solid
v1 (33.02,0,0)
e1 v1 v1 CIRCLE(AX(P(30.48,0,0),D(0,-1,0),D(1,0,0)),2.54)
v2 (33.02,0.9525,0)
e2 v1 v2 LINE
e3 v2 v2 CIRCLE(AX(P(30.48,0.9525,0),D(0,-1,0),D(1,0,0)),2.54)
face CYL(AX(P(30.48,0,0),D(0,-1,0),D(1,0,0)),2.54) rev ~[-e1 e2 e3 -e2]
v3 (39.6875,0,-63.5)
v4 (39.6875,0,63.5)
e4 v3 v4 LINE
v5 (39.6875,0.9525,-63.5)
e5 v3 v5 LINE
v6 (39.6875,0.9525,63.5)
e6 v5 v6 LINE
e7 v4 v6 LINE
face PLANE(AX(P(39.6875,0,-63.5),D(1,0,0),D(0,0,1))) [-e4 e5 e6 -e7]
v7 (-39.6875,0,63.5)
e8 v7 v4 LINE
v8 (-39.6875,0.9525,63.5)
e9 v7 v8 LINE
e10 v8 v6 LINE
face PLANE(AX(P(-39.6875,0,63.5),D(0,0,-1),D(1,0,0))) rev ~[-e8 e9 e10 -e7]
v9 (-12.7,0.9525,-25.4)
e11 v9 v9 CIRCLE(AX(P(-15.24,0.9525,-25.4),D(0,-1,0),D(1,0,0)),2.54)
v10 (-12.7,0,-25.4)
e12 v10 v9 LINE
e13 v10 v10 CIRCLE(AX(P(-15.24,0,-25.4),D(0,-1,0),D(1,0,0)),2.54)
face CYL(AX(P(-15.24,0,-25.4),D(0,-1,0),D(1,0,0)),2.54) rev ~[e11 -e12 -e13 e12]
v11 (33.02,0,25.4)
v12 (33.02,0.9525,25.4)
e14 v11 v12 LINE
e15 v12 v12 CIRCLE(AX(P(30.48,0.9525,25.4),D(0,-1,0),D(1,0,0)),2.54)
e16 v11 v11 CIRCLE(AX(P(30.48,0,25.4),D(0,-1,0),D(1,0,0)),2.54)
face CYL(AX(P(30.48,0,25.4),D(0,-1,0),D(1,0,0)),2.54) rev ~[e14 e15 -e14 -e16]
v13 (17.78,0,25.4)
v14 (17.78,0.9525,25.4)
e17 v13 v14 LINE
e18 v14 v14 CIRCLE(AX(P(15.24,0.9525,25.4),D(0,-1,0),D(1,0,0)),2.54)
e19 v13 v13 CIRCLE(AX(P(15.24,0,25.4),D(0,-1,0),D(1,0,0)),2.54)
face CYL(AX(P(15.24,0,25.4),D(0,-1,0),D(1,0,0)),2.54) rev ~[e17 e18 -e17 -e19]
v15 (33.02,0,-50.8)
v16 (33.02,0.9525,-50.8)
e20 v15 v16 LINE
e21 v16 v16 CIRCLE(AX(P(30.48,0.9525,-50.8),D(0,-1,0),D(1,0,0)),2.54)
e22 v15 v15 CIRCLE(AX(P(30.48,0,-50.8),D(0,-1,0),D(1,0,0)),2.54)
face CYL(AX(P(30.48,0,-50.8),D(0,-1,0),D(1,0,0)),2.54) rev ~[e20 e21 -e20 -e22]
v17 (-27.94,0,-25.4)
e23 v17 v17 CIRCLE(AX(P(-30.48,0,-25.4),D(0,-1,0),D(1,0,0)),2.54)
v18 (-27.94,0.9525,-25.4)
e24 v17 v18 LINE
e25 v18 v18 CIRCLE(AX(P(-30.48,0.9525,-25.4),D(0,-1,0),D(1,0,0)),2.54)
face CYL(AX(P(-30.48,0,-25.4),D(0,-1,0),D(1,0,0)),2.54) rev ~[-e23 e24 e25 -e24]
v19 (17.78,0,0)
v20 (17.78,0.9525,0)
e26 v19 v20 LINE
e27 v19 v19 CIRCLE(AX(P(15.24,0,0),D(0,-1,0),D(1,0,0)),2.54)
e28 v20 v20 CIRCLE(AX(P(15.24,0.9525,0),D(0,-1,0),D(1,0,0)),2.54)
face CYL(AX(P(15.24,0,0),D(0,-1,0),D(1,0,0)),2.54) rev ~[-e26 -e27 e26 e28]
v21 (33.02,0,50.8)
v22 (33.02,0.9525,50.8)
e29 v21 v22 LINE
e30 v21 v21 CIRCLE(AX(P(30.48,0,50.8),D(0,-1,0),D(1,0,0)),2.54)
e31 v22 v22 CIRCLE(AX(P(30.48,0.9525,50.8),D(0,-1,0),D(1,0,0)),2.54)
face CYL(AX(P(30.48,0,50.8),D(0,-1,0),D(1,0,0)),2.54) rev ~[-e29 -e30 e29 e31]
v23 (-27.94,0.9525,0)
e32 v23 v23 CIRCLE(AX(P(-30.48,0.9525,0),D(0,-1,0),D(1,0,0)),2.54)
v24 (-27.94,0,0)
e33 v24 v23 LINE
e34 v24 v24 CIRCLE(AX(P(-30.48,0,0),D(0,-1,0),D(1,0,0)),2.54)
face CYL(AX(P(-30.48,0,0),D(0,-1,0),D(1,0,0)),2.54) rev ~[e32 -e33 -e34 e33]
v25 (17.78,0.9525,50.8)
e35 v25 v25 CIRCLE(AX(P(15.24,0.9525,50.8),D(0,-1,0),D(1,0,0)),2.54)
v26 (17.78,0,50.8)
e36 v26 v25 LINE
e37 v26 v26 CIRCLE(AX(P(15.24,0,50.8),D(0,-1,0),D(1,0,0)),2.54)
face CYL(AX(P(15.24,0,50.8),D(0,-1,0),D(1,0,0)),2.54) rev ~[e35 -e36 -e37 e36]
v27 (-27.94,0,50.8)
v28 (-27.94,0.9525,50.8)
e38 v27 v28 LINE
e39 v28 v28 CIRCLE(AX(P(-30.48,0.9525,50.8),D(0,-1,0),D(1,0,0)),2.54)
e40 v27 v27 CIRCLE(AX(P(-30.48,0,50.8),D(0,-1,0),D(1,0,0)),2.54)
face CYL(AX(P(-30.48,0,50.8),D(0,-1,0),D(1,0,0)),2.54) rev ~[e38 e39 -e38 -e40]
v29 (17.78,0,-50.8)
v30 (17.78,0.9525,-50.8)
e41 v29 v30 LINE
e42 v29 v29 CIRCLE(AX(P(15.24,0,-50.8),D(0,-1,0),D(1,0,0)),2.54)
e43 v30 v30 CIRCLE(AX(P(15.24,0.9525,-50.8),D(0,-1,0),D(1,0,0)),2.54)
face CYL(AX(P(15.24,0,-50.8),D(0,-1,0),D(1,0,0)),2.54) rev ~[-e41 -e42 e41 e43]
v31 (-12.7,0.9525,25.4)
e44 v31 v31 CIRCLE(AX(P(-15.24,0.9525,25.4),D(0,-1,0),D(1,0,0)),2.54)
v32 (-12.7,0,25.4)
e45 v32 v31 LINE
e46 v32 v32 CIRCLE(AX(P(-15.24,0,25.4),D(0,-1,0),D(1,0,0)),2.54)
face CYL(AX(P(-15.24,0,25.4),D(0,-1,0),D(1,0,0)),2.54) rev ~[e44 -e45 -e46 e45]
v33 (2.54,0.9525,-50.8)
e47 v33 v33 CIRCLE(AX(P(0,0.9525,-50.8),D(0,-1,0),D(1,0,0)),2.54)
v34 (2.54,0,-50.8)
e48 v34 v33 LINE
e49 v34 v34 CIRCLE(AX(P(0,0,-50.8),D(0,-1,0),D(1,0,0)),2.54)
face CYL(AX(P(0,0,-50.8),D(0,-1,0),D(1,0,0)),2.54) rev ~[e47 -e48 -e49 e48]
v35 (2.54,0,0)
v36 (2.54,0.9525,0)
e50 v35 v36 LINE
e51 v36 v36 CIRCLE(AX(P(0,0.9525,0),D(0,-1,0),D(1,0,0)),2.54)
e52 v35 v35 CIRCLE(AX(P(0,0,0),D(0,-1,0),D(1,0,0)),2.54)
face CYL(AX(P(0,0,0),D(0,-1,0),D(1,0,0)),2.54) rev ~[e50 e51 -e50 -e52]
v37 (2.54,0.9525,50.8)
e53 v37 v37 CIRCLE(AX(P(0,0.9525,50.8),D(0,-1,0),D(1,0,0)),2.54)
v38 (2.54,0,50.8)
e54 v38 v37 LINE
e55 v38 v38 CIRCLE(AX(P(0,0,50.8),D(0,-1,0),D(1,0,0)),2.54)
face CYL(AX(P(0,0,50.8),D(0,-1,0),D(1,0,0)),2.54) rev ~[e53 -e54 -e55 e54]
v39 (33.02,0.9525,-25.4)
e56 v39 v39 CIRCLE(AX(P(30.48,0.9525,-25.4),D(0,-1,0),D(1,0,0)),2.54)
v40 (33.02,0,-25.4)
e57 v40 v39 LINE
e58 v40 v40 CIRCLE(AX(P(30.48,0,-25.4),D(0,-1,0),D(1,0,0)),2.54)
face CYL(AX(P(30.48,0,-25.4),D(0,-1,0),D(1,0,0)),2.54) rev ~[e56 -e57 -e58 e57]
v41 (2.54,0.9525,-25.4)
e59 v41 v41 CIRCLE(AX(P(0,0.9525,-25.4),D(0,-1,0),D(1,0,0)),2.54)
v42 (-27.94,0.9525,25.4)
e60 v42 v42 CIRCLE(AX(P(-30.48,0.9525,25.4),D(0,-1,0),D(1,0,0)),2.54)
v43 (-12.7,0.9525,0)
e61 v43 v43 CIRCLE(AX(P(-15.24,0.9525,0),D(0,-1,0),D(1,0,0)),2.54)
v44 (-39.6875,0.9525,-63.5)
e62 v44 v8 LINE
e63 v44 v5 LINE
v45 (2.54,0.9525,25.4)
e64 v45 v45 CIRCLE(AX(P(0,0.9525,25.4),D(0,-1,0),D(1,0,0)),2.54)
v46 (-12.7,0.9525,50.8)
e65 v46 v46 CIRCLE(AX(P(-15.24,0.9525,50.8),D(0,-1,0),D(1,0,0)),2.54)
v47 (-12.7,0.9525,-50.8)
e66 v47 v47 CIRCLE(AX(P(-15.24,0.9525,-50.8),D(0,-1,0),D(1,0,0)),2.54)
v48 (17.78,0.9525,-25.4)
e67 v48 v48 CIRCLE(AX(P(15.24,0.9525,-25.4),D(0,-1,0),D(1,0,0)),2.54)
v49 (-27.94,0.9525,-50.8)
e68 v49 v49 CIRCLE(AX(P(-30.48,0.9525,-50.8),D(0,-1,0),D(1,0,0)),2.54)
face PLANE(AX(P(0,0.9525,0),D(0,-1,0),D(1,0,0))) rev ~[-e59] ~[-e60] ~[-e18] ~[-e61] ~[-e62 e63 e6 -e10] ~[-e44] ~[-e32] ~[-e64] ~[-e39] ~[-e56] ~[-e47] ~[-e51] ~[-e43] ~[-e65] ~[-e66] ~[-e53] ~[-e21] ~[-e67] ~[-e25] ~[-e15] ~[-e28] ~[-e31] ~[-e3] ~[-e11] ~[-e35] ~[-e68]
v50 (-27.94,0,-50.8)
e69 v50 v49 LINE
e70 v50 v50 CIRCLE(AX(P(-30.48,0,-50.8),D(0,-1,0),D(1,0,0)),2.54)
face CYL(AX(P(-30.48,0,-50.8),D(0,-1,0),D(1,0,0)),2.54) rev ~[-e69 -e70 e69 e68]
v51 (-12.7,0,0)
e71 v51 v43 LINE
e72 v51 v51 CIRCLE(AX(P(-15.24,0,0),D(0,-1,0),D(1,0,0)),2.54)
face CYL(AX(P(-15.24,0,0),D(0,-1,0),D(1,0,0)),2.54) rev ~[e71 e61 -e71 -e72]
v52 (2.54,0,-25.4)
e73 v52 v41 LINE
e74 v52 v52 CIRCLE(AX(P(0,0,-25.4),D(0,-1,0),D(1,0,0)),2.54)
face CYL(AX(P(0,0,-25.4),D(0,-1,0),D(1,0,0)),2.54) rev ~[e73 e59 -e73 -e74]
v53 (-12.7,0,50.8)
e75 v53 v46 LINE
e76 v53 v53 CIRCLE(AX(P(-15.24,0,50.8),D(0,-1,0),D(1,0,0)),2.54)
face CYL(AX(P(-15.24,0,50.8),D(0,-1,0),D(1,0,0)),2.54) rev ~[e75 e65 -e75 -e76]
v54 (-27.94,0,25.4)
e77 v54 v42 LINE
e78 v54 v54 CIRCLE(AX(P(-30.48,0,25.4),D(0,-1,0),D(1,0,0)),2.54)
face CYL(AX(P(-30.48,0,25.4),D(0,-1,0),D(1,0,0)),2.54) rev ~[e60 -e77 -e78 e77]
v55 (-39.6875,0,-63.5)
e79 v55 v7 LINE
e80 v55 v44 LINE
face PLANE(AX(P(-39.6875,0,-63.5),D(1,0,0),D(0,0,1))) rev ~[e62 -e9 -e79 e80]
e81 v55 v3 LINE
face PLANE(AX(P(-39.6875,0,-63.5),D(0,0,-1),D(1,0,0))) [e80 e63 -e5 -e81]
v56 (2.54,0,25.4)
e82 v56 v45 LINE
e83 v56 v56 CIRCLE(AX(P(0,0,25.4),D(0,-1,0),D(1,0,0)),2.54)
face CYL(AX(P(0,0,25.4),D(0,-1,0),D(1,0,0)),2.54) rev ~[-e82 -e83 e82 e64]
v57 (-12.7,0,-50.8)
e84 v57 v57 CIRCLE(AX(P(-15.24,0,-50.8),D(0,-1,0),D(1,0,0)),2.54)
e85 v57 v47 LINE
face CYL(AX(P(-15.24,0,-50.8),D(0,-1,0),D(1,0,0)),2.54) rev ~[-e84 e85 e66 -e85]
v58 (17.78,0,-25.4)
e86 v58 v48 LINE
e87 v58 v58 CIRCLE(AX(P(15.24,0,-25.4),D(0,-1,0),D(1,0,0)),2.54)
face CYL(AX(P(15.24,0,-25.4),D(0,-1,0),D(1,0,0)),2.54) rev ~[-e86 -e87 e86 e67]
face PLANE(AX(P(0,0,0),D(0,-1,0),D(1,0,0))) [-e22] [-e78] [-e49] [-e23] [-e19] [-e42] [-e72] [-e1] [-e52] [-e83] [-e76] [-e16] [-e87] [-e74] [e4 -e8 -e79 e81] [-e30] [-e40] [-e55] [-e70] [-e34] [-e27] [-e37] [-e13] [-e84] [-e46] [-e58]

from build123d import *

# Parameters (mm, degrees)
F0_W     = 79.375
F0_H     = 127
F0_R     = 2.54
F1_DEPTH = 0.9525


with BuildPart() as f1:
    # F0 (on Front) → F1 (new body)
    with BuildSketch(Plane.XZ):
        Rectangle(F0_W, F0_H)
        with Locations((-30.48, -50.8)):
            Circle(F0_R, mode=Mode.SUBTRACT)
        with Locations((-15.24, -50.8)):
            Circle(F0_R, mode=Mode.SUBTRACT)
        with Locations((-30.48, -25.4)):
            Circle(F0_R, mode=Mode.SUBTRACT)
        with Locations((-15.24, -25.4)):
            Circle(F0_R, mode=Mode.SUBTRACT)
        with Locations((0, -50.8)):
            Circle(F0_R, mode=Mode.SUBTRACT)
        with Locations((15.24, -50.8)):
            Circle(F0_R, mode=Mode.SUBTRACT)
        with Locations((30.48, -50.8)):
            Circle(F0_R, mode=Mode.SUBTRACT)
        with Locations((0, -25.4)):
            Circle(F0_R, mode=Mode.SUBTRACT)
        with Locations((15.24, -25.4)):
            Circle(F0_R, mode=Mode.SUBTRACT)
        with Locations((30.48, -25.4)):
            Circle(F0_R, mode=Mode.SUBTRACT)
        with Locations((-30.48, 0)):
            Circle(F0_R, mode=Mode.SUBTRACT)
        with Locations((-30.48, 25.4)):
            Circle(F0_R, mode=Mode.SUBTRACT)
        with Locations((-15.24, 0)):
            Circle(F0_R, mode=Mode.SUBTRACT)
        with Locations((-15.24, 25.4)):
            Circle(F0_R, mode=Mode.SUBTRACT)
        with Locations((-30.48, 50.8)):
            Circle(F0_R, mode=Mode.SUBTRACT)
        with Locations((-15.24, 50.8)):
            Circle(F0_R, mode=Mode.SUBTRACT)
        Circle(F0_R, mode=Mode.SUBTRACT)
        with Locations((15.24, 0)):
            Circle(F0_R, mode=Mode.SUBTRACT)
        with Locations((0, 25.4)):
            Circle(F0_R, mode=Mode.SUBTRACT)
        with Locations((15.24, 25.4)):
            Circle(F0_R, mode=Mode.SUBTRACT)
        with Locations((30.48, 0)):
            Circle(F0_R, mode=Mode.SUBTRACT)
        with Locations((30.48, 25.4)):
            Circle(F0_R, mode=Mode.SUBTRACT)
        with Locations((0, 50.8)):
            Circle(F0_R, mode=Mode.SUBTRACT)
        with Locations((15.24, 50.8)):
            Circle(F0_R, mode=Mode.SUBTRACT)
        with Locations((30.48, 50.8)):
            Circle(F0_R, mode=Mode.SUBTRACT)
    extrude(amount=-F1_DEPTH)


solid = f1.part
